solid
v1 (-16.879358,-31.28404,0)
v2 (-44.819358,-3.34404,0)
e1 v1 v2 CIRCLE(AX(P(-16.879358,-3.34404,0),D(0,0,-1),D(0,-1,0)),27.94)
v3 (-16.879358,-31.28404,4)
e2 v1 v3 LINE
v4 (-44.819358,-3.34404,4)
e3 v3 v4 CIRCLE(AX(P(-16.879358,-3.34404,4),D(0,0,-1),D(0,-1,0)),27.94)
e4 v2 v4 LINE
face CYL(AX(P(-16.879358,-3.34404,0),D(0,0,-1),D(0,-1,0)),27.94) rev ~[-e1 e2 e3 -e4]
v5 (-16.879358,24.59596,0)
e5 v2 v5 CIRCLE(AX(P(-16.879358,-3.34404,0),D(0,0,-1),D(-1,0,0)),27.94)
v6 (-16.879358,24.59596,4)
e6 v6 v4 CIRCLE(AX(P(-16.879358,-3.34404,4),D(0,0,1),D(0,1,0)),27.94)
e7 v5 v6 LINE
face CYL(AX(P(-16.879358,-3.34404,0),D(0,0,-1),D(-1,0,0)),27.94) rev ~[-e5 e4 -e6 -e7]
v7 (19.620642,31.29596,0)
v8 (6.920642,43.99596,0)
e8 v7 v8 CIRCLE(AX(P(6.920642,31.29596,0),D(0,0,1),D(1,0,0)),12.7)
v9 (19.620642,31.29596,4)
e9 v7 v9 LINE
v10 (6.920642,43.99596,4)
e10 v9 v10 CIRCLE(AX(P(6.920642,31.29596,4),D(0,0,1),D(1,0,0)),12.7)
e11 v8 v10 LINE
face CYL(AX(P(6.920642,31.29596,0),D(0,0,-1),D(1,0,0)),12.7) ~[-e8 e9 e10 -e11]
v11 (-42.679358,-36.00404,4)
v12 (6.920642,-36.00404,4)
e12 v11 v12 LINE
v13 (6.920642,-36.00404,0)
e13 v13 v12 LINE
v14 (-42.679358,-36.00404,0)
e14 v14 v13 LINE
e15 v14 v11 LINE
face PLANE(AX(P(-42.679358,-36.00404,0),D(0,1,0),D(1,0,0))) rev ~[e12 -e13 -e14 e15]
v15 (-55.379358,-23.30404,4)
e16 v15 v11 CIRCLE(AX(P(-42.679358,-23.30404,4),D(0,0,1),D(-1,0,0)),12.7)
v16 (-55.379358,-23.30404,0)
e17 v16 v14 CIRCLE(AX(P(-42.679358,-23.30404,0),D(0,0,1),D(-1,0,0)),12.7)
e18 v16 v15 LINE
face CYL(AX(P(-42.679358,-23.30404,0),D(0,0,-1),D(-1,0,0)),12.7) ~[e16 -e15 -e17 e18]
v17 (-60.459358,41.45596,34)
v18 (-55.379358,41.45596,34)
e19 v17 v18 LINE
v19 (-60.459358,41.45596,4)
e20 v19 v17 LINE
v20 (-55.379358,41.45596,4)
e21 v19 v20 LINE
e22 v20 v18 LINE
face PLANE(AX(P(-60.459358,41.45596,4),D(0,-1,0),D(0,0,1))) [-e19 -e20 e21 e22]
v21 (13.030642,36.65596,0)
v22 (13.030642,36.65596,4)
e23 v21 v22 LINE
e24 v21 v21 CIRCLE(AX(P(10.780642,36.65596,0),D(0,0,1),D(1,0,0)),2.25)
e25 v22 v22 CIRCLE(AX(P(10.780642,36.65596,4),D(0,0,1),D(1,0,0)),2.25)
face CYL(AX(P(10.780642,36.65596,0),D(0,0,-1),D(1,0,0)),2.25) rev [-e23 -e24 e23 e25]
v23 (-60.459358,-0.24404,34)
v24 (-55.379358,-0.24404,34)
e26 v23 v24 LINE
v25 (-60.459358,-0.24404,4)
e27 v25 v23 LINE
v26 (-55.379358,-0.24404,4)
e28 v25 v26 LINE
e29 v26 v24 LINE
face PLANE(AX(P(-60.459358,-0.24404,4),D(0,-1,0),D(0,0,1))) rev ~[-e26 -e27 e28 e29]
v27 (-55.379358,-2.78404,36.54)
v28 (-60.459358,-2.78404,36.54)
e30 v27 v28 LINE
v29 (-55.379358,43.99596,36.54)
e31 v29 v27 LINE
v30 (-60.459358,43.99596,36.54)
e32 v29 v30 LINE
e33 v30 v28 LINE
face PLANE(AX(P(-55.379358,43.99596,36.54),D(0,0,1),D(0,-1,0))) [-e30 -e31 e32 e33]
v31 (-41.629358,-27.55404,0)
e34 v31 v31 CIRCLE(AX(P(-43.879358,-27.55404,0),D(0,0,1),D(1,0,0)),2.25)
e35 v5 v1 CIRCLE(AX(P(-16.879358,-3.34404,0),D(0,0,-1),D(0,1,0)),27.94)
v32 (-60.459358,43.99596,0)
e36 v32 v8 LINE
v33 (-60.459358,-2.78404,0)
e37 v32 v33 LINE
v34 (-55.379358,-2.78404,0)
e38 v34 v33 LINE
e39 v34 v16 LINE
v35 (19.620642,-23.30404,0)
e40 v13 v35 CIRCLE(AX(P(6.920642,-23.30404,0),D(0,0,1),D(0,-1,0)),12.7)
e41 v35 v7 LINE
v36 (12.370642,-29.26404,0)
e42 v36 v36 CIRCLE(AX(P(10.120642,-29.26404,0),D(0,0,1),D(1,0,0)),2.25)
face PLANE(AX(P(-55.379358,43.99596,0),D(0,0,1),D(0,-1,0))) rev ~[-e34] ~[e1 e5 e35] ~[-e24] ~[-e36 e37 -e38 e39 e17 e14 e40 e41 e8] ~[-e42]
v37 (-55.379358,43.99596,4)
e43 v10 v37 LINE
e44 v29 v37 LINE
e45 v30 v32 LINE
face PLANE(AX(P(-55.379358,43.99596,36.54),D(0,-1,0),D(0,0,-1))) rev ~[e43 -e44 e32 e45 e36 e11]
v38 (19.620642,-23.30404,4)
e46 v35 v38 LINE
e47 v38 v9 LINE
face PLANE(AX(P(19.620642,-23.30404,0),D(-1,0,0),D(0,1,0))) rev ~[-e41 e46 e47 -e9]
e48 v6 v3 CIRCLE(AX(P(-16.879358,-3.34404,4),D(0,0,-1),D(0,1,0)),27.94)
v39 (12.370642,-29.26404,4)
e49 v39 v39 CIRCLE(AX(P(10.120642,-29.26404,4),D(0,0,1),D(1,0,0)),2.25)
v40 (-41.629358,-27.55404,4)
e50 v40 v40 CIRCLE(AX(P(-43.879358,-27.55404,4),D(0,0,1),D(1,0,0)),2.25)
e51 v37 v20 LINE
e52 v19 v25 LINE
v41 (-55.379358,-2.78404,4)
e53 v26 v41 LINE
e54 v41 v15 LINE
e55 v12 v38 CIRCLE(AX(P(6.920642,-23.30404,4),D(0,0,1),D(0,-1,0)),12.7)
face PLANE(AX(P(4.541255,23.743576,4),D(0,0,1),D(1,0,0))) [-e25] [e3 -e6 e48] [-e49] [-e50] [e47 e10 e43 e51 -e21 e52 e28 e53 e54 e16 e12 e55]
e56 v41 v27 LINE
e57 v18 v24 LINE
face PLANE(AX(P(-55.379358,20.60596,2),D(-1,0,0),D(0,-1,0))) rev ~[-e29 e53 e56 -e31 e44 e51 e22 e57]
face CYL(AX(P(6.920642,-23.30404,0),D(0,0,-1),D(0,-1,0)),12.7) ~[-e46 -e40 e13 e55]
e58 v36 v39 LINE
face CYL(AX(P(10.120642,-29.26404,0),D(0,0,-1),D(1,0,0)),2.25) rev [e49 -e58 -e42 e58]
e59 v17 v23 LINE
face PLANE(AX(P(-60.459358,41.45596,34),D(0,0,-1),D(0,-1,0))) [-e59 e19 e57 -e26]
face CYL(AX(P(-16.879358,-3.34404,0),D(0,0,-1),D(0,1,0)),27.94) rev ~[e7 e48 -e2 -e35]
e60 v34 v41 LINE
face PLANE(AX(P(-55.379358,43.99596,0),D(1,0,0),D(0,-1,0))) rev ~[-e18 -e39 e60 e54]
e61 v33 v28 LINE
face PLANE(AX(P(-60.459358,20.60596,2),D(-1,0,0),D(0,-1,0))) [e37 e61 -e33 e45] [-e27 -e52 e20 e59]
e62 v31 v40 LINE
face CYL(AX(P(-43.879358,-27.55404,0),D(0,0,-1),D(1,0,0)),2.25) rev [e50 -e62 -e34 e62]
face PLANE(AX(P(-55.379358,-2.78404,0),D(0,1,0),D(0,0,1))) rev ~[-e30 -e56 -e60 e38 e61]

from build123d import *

# Parameters (mm, degrees)
F1_R     = 2.25
F2_DEPTH = 4
F3_W     = 46.78
F3_H     = 4
F3_H_2   = 32.54
F4_DEPTH = 5.08
F5_W     = 41.7
F5_H     = 30
F6_DEPTH = 25.4


with BuildPart() as f2:
    # F1 (on Top) → F2 (new body)
    with BuildSketch(Plane.XY):
        with BuildLine():
            Line((6.9206423996, 43.995959647), (-16.8793576004, 43.995959647))
            Line((-16.8793576004, 43.995959647), (-16.8793576004, 24.595959647))
            ThreePointArc((-16.8793576004, 24.595959647), (2.8772058659, 16.4125231134), (11.0606423996, -3.344040353))
            Line((11.0606423996, -3.344040353), (19.6206423996, -3.344040353))
            Line((19.6206423996, -3.344040353), (19.6206423996, 31.295959647))
            ThreePointArc((19.6206423996, 31.295959647), (15.9008985206, 40.2762157681), (6.9206423996, 43.995959647))
        make_face()
        with Locations((10.7806423996, 36.655959647)):
            Circle(F1_R, mode=Mode.SUBTRACT)
        with BuildLine():
            Line((19.6206423996, -3.344040353), (11.0606423996, -3.344040353))
            ThreePointArc((11.0606423996, -3.344040353), (2.8772058659, -23.1006038194), (-16.8793576004, -31.284040353))
            Line((-16.8793576004, -31.284040353), (-16.8793576004, -36.004040353))
            Line((-16.8793576004, -36.004040353), (6.9206423996, -36.004040353))
            ThreePointArc((6.9206423996, -36.004040353), (15.9008985206, -32.2842964741), (19.6206423996, -23.304040353))
            Line((19.6206423996, -23.304040353), (19.6206423996, -3.344040353))
        make_face()
        with Locations((10.1206423996, -29.264040353)):
            Circle(F1_R, mode=Mode.SUBTRACT)
        with BuildLine():
            Line((-44.8193576004, -3.344040353), (-55.3793576004, -3.344040353))
            Line((-55.3793576004, -3.344040353), (-55.3793576004, -23.304040353))
            ThreePointArc((-55.3793576004, -23.304040353), (-51.6596137215, -32.2842964741), (-42.6793576004, -36.004040353))
            Line((-42.6793576004, -36.004040353), (-16.8793576004, -36.004040353))
            Line((-16.8793576004, -36.004040353), (-16.8793576004, -31.284040353))
            ThreePointArc((-16.8793576004, -31.284040353), (-36.6359210668, -23.1006038194), (-44.8193576004, -3.344040353))
        make_face()
        with Locations((-43.8793576004, -27.554040353)):
            Circle(F1_R, mode=Mode.SUBTRACT)
        with BuildLine():
            Line((-16.8793576004, 43.995959647), (-55.3793576004, 43.995959647))
            Line((-55.3793576004, 43.995959647), (-55.3793576004, -3.344040353))
            Line((-55.3793576004, -3.344040353), (-44.8193576004, -3.344040353))
            ThreePointArc((-44.8193576004, -3.344040353), (-36.6359210668, 16.4125231134), (-16.8793576004, 24.595959647))
            Line((-16.8793576004, 24.595959647), (-16.8793576004, 43.995959647))
        make_face()
    extrude(amount=F2_DEPTH)

    # F3 (on face) → F4 (join)
    with BuildSketch(Plane(origin=(-55.3793576004, 0, 0), x_dir=(0, -1, 0), z_dir=(-1, 0, 0))):
        with Locations((-20.605959647, 2)):
            Rectangle(F3_W, F3_H)
        with Locations((-20.605959647, 20.27)):
            Rectangle(F3_W, F3_H_2)
    extrude(amount=F4_DEPTH)

    # F5 (on face) → F6 (cut)
    with BuildSketch(Plane(origin=(-60.4593576004, 0, 0), x_dir=(0, -1, 0), z_dir=(-1, 0, 0))):
        with Locations((-20.605959647, 19)):
            Rectangle(F5_W, F5_H)
    extrude(amount=-F6_DEPTH, mode=Mode.SUBTRACT)


solid = f2.part
